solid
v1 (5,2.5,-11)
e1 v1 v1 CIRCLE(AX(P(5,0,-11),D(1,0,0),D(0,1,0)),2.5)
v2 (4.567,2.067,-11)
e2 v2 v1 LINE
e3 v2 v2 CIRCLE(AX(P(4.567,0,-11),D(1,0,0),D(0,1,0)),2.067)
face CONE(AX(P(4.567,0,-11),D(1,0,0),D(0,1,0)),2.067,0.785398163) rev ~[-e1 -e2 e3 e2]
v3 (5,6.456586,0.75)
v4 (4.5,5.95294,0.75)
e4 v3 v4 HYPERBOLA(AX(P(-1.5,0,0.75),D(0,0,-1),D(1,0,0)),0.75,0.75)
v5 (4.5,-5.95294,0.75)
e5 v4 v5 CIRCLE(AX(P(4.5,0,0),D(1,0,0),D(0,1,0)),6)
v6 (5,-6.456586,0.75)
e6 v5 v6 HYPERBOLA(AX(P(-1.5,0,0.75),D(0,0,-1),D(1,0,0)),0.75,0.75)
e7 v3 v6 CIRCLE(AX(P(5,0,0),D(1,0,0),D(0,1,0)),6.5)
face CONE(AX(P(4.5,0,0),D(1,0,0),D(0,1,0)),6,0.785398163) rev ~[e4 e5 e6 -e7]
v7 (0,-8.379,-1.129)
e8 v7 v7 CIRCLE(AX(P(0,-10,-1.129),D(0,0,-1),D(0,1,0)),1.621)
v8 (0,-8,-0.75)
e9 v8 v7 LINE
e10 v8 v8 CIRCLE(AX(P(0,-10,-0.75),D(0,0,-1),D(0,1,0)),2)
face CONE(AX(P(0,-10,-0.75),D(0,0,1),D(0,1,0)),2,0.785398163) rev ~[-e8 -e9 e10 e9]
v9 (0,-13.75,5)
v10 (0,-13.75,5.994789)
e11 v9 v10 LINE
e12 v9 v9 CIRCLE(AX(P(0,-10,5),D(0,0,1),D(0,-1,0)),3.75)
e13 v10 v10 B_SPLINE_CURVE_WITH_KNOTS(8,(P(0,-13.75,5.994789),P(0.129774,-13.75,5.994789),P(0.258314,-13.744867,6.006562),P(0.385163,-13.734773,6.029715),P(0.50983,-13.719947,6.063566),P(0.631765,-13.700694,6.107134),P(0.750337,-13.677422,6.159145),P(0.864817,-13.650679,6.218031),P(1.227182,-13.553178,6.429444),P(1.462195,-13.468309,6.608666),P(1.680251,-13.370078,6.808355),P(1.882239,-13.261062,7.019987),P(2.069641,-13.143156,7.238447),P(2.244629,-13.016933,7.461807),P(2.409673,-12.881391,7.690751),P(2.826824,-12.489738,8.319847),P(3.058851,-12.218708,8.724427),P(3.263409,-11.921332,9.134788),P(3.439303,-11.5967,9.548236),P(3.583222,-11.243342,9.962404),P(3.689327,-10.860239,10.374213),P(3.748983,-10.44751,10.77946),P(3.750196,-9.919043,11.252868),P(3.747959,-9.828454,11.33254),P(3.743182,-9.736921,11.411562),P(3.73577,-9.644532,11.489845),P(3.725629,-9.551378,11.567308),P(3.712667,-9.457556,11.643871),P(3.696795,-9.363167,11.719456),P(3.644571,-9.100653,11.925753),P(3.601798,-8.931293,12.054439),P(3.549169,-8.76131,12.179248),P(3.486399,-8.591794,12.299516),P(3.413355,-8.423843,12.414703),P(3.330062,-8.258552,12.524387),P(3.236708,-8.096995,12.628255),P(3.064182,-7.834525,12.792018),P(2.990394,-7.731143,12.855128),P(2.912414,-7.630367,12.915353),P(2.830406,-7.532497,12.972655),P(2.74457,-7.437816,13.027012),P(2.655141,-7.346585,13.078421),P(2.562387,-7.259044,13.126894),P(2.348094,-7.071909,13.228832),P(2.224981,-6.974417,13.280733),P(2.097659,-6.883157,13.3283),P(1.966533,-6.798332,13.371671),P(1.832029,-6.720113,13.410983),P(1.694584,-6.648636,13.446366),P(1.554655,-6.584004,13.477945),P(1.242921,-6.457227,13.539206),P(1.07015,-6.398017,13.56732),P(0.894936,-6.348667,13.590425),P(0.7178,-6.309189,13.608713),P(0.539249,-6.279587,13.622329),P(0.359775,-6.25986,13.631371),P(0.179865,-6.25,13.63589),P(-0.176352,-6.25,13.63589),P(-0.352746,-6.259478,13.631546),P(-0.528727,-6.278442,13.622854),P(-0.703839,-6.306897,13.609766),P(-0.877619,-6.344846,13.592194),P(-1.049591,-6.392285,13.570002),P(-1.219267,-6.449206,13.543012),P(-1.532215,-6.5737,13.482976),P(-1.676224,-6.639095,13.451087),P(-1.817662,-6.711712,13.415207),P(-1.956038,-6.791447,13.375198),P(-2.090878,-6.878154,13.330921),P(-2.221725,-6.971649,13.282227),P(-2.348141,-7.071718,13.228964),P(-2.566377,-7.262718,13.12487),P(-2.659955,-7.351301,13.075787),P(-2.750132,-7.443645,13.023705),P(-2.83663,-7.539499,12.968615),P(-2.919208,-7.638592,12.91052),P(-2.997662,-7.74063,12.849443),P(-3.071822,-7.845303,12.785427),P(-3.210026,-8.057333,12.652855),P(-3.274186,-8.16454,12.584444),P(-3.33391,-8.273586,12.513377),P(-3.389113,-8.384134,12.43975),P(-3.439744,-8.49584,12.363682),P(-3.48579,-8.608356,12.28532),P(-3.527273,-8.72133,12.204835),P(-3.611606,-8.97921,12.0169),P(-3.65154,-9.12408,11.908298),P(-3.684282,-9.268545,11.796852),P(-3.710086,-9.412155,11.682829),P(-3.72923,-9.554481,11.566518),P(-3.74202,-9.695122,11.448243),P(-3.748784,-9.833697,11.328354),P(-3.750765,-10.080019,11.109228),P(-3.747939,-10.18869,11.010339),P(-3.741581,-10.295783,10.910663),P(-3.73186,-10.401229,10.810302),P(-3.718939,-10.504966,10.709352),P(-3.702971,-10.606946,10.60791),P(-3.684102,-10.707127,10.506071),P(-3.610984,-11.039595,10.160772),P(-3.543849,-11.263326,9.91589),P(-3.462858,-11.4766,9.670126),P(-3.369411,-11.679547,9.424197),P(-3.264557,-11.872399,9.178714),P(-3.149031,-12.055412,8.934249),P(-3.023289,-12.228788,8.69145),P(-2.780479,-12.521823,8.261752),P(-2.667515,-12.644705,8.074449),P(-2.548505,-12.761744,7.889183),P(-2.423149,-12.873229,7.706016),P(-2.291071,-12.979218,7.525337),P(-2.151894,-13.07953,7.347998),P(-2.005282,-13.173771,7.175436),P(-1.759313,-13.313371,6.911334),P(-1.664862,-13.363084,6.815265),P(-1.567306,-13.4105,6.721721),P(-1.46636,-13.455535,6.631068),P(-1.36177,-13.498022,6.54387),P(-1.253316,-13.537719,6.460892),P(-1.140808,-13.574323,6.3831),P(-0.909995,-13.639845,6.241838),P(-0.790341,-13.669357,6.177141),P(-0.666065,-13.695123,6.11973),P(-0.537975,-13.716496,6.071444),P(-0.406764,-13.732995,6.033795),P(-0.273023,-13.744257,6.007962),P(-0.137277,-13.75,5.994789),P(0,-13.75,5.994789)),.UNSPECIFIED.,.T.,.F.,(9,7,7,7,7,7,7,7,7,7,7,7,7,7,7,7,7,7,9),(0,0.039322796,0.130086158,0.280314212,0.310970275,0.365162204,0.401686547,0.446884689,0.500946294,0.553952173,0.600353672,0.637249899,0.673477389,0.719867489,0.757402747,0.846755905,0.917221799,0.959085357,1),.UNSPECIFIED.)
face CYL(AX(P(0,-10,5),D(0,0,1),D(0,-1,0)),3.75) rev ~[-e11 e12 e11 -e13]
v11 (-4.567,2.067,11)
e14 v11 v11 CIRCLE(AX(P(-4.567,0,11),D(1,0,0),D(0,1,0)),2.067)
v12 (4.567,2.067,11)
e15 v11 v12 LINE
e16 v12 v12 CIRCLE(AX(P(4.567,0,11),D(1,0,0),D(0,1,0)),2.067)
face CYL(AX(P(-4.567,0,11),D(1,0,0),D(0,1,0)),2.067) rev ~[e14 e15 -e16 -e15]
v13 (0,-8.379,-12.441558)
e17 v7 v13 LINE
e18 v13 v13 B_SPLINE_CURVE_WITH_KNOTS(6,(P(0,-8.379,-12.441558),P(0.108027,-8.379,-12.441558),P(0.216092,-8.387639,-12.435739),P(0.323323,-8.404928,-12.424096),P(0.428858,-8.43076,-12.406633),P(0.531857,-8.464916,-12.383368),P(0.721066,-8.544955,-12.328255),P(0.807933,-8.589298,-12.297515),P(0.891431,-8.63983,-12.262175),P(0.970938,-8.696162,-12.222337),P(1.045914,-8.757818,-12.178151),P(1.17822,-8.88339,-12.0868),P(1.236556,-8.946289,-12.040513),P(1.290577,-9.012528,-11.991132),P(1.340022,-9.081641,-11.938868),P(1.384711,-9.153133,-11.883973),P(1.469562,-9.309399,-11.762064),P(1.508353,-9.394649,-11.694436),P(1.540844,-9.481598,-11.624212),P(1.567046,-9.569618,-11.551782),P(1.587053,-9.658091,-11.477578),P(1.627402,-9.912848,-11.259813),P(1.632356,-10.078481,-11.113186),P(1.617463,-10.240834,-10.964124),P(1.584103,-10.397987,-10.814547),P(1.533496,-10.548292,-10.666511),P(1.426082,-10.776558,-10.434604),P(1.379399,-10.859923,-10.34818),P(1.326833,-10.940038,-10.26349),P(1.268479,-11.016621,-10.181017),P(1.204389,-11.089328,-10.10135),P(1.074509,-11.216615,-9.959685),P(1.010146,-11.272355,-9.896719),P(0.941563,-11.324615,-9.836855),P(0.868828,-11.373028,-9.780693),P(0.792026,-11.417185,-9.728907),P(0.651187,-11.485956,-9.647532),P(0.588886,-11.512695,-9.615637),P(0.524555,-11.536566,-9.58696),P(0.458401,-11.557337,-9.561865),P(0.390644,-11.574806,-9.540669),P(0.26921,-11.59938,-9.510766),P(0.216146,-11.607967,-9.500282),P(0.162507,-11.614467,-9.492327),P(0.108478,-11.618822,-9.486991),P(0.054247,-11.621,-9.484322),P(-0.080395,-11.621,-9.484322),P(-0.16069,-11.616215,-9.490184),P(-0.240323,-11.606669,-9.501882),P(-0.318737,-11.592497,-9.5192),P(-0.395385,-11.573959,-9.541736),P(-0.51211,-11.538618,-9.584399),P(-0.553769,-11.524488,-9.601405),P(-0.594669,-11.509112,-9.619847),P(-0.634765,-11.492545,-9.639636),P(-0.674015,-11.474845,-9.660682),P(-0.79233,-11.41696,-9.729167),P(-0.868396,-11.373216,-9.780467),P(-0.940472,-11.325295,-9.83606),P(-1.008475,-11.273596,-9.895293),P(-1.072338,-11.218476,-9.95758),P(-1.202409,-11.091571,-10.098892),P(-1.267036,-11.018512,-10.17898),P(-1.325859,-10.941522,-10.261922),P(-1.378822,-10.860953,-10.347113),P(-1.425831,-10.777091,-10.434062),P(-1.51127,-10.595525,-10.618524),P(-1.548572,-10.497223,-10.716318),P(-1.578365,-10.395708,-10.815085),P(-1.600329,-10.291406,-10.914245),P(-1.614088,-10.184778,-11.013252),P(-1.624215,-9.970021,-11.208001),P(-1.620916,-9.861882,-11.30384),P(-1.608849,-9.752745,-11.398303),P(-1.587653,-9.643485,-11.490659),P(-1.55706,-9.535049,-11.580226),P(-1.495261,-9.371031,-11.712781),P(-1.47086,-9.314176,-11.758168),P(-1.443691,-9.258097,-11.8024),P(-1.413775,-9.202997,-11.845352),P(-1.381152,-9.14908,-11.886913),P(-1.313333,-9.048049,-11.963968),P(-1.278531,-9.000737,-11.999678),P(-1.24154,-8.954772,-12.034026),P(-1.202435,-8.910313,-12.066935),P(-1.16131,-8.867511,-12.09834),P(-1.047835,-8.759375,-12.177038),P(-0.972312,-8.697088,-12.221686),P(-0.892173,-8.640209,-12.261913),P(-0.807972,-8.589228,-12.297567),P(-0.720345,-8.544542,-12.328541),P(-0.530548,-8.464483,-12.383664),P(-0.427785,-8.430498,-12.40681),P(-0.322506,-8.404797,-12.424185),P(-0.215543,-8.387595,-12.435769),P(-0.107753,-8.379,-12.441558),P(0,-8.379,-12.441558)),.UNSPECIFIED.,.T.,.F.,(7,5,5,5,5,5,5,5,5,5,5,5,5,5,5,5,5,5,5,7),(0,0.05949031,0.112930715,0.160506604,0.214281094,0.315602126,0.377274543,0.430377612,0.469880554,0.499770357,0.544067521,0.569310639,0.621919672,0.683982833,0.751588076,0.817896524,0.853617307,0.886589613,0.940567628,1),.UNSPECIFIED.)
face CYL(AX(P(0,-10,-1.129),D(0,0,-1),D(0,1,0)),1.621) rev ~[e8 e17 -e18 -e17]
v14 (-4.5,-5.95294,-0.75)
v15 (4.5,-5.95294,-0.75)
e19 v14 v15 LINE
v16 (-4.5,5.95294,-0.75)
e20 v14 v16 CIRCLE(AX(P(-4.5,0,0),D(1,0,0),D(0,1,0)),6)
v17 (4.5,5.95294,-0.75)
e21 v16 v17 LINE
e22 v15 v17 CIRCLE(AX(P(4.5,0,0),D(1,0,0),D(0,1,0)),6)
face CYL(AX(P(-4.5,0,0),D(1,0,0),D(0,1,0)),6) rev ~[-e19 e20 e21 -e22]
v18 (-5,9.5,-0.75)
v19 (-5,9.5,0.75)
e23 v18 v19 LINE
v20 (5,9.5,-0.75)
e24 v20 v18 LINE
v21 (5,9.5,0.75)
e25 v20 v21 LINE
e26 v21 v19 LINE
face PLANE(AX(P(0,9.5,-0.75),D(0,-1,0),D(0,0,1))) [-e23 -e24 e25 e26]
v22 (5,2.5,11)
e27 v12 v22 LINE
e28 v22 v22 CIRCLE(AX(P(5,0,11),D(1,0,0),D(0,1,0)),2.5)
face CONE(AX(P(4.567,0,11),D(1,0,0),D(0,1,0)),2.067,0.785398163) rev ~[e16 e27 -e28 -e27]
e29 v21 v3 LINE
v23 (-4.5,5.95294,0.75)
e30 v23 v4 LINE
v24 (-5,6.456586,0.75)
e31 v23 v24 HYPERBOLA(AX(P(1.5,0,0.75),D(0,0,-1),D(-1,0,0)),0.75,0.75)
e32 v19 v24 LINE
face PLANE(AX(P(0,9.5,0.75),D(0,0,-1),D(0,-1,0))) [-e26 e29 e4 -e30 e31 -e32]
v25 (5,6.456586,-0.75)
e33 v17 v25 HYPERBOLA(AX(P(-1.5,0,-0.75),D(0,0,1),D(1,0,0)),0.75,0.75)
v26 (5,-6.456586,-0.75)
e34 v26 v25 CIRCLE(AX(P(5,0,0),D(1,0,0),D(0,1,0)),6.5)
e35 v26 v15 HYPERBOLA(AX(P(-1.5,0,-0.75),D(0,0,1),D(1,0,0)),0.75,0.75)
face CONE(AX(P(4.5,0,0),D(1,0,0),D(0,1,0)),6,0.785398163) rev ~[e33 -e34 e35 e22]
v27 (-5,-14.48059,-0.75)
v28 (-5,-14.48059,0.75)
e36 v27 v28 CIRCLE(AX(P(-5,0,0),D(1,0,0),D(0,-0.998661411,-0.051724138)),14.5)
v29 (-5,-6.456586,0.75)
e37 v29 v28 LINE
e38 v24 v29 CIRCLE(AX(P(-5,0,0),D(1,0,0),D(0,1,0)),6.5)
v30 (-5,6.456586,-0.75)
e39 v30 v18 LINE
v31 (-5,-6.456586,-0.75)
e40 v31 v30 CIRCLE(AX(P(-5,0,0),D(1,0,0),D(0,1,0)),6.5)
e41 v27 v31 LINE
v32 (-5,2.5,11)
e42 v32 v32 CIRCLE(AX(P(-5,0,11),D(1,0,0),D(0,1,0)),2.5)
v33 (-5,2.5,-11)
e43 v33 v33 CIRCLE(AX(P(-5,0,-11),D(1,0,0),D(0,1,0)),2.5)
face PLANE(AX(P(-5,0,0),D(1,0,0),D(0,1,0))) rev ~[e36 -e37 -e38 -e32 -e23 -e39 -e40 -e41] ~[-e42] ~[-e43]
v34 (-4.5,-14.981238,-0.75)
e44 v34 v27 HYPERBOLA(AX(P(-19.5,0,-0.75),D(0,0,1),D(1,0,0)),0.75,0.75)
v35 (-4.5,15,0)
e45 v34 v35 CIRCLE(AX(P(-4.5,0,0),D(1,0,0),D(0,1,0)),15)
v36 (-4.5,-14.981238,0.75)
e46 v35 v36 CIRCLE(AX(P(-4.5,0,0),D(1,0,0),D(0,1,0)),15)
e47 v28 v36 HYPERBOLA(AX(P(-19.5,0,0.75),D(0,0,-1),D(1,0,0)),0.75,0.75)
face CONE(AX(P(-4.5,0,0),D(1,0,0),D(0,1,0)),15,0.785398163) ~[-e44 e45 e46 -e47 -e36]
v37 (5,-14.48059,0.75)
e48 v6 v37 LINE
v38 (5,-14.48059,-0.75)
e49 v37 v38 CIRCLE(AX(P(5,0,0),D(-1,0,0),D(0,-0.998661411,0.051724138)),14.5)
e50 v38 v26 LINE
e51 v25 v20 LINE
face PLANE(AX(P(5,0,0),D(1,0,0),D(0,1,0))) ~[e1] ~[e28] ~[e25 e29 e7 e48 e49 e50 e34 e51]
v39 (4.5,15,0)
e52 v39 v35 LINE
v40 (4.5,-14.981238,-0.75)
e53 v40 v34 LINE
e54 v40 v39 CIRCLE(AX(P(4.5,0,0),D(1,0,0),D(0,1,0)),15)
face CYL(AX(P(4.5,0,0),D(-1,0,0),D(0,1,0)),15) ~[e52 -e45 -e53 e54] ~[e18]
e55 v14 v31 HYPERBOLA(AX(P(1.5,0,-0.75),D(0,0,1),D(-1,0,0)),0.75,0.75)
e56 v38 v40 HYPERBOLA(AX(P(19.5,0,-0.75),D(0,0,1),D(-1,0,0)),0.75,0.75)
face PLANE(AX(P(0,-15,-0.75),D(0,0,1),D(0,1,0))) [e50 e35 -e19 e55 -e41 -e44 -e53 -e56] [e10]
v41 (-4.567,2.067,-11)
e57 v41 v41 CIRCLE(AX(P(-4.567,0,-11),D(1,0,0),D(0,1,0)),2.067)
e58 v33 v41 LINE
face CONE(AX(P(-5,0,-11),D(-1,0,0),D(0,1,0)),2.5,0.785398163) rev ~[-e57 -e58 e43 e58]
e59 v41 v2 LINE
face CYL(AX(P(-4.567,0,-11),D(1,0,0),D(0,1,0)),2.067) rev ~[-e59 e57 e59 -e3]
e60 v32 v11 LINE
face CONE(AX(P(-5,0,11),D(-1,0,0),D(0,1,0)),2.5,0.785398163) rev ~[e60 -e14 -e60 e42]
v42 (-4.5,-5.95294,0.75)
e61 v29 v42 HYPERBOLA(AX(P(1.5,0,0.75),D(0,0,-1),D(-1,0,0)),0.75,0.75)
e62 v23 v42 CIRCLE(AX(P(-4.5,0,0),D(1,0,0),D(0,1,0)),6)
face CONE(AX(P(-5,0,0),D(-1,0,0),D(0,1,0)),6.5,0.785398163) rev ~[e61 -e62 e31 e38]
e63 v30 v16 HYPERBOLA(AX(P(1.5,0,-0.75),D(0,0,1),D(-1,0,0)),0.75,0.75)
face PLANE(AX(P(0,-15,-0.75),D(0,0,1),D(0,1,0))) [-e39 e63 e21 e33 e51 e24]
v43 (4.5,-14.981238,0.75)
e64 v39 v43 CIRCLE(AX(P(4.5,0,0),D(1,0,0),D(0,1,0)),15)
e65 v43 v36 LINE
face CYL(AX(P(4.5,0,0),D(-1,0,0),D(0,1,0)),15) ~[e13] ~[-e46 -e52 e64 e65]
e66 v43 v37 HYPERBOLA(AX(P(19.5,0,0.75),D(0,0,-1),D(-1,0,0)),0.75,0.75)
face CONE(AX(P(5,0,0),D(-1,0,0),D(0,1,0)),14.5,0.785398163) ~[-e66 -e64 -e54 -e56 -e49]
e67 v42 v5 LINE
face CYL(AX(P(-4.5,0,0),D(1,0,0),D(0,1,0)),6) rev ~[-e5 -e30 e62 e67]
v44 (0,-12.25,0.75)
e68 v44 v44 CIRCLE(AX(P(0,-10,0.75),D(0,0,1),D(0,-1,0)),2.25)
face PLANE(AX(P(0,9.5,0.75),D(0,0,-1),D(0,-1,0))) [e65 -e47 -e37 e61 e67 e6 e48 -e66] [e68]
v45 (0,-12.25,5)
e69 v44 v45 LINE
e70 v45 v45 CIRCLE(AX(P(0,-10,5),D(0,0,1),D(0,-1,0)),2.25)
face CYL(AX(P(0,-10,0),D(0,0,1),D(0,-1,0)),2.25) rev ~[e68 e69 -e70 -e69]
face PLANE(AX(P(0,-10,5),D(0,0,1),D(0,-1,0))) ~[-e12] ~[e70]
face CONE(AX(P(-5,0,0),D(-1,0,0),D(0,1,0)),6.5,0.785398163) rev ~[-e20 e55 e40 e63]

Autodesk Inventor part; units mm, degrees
sketch "Sketch_1" plane through (0, 0, 0) normal (0, 0, 1) x (1, 0, 0)
  line L0 (5, 0) -> (-5, 0)
  line L1 (-5, 14.5) -> (-5, 6.5)
  line L2 (-5, 6.5) -> (-4.5, 6)
  line L3 (-4.5, 6) -> (4.5, 6)
  line L4 (4.5, 6) -> (5, 6.5)
  line L5 (5, 6.5) -> (5, 14.5)
  line L6 (5, 14.5) -> (4.5, 15)
  line L7 (4.5, 15) -> (-4.5, 15)
  line L8 (-4.5, 15) -> (-5, 14.5)
revolve "Revolution1" add sketch "Sketch_1" angle 360 about axis through (5, 0, 0) along (1, 0, 0)
sketch "Sketch_2" plane through (0, 0, 0) normal (1, 0, 0) x (0, 1, 0)
  line L0 (-15, 0.75) -> (-15, -0.75)
  line L1 (-15, -0.75) -> (9.5, -0.75)
  line L2 (9.5, -0.75) -> (9.5, 0.75)
  line L3 (9.5, 0.75) -> (-15, 0.75)
extrude "Extrusion1" cut sketch "Sketch_2" along normal mid plane 10
sketch "Sketch_3" plane through (0, 0, 0) normal (1, 0, 0) x (0, 1, 0)
  line L0 (-10, 15) -> (-10, 0)
  line L1 (-10, 0) -> (-12.25, 0)
  line L2 (-12.25, 0) -> (-12.25, 5)
  line L3 (-12.25, 5) -> (-13.75, 5)
  line L4 (-13.75, 5) -> (-13.75, 15)
  line L5 (-13.75, 15) -> (-10, 15)
  line L6 (-10, 15) -> (-10, 0)
revolve "Revolution2" cut sketch "Sketch_3" angle 360 about axis through (0, -10, 15) along (0, 0, 1)
sketch "Sketch_4" plane through (0, 0, 0) normal (1, 0, 0) x (0, 1, 0)
  line L0 (-10, -15.75) -> (-10, -0.75)
  line L1 (-10, -0.75) -> (-8, -0.75)
  line L2 (-8, -0.75) -> (-8.379, -1.129)
  line L3 (-8.379, -1.129) -> (-8.379, -15.75)
  line L4 (-8.379, -15.75) -> (-10, -15.75)
  line L5 (-10, -15.75) -> (-10, -0.75)
revolve "Revolution3" cut sketch "Sketch_4" angle 360 about axis through (0, -10, -15.75) along (0, 0, -1)
thread "Thread1" size "M4x0.7" class "6H" standard "ISO Metric profile" length 11.5596
sketch "Sketch_7" plane through (0, 0, -11) normal (0, 0, 1) x (1, 0, 0)
  line L0 (5, 0) -> (-5, 0)
  line L1 (-5, 0) -> (-5, 2.5)
  line L2 (-5, 2.5) -> (-4.567, 2.067)
  line L3 (-4.567, 2.067) -> (4.567, 2.067)
  line L4 (4.567, 2.067) -> (5, 2.5)
  line L5 (5, 2.5) -> (5, 0)
  line L6 (5, 0) -> (-5, 0)
revolve "Revolution4" cut sketch "Sketch_7" angle 360 about axis through (5, 0, -11) along (1, 0, 0)
thread "Thread2" size "M5x0.8" class "6H" standard "ISO Metric profile" full length
sketch "Sketch_8" plane through (0, 0, 11) normal (0, 0, 1) x (1, 0, 0)
  line L0 (5, 0) -> (-5, 0)
  line L1 (-5, 0) -> (-5, 2.5)
  line L2 (-5, 2.5) -> (-4.567, 2.067)
  line L3 (-4.567, 2.067) -> (4.567, 2.067)
  line L4 (4.567, 2.067) -> (5, 2.5)
  line L5 (5, 2.5) -> (5, 0)
  line L6 (5, 0) -> (-5, 0)
revolve "Revolution5" cut sketch "Sketch_8" angle 360 about axis through (5, 0, 11) along (1, 0, 0)
thread "Thread3" size "M5x0.8" class "6H" standard "ISO Metric profile" full length
ref_plane "body_screw_XY" through (0, -10, 5) normal (0, 0, 1) x (1, 0, 0)
ref_plane "body_screw_YZ" through (0, -10, 5) normal (1, 0, 0) x (0, 1, 0)
ref_plane "body_screw_ZX" through (0, -10, 5) normal (0, 1, 0) x (0, 0, 1)
properties part number "SCSW12-10b"
